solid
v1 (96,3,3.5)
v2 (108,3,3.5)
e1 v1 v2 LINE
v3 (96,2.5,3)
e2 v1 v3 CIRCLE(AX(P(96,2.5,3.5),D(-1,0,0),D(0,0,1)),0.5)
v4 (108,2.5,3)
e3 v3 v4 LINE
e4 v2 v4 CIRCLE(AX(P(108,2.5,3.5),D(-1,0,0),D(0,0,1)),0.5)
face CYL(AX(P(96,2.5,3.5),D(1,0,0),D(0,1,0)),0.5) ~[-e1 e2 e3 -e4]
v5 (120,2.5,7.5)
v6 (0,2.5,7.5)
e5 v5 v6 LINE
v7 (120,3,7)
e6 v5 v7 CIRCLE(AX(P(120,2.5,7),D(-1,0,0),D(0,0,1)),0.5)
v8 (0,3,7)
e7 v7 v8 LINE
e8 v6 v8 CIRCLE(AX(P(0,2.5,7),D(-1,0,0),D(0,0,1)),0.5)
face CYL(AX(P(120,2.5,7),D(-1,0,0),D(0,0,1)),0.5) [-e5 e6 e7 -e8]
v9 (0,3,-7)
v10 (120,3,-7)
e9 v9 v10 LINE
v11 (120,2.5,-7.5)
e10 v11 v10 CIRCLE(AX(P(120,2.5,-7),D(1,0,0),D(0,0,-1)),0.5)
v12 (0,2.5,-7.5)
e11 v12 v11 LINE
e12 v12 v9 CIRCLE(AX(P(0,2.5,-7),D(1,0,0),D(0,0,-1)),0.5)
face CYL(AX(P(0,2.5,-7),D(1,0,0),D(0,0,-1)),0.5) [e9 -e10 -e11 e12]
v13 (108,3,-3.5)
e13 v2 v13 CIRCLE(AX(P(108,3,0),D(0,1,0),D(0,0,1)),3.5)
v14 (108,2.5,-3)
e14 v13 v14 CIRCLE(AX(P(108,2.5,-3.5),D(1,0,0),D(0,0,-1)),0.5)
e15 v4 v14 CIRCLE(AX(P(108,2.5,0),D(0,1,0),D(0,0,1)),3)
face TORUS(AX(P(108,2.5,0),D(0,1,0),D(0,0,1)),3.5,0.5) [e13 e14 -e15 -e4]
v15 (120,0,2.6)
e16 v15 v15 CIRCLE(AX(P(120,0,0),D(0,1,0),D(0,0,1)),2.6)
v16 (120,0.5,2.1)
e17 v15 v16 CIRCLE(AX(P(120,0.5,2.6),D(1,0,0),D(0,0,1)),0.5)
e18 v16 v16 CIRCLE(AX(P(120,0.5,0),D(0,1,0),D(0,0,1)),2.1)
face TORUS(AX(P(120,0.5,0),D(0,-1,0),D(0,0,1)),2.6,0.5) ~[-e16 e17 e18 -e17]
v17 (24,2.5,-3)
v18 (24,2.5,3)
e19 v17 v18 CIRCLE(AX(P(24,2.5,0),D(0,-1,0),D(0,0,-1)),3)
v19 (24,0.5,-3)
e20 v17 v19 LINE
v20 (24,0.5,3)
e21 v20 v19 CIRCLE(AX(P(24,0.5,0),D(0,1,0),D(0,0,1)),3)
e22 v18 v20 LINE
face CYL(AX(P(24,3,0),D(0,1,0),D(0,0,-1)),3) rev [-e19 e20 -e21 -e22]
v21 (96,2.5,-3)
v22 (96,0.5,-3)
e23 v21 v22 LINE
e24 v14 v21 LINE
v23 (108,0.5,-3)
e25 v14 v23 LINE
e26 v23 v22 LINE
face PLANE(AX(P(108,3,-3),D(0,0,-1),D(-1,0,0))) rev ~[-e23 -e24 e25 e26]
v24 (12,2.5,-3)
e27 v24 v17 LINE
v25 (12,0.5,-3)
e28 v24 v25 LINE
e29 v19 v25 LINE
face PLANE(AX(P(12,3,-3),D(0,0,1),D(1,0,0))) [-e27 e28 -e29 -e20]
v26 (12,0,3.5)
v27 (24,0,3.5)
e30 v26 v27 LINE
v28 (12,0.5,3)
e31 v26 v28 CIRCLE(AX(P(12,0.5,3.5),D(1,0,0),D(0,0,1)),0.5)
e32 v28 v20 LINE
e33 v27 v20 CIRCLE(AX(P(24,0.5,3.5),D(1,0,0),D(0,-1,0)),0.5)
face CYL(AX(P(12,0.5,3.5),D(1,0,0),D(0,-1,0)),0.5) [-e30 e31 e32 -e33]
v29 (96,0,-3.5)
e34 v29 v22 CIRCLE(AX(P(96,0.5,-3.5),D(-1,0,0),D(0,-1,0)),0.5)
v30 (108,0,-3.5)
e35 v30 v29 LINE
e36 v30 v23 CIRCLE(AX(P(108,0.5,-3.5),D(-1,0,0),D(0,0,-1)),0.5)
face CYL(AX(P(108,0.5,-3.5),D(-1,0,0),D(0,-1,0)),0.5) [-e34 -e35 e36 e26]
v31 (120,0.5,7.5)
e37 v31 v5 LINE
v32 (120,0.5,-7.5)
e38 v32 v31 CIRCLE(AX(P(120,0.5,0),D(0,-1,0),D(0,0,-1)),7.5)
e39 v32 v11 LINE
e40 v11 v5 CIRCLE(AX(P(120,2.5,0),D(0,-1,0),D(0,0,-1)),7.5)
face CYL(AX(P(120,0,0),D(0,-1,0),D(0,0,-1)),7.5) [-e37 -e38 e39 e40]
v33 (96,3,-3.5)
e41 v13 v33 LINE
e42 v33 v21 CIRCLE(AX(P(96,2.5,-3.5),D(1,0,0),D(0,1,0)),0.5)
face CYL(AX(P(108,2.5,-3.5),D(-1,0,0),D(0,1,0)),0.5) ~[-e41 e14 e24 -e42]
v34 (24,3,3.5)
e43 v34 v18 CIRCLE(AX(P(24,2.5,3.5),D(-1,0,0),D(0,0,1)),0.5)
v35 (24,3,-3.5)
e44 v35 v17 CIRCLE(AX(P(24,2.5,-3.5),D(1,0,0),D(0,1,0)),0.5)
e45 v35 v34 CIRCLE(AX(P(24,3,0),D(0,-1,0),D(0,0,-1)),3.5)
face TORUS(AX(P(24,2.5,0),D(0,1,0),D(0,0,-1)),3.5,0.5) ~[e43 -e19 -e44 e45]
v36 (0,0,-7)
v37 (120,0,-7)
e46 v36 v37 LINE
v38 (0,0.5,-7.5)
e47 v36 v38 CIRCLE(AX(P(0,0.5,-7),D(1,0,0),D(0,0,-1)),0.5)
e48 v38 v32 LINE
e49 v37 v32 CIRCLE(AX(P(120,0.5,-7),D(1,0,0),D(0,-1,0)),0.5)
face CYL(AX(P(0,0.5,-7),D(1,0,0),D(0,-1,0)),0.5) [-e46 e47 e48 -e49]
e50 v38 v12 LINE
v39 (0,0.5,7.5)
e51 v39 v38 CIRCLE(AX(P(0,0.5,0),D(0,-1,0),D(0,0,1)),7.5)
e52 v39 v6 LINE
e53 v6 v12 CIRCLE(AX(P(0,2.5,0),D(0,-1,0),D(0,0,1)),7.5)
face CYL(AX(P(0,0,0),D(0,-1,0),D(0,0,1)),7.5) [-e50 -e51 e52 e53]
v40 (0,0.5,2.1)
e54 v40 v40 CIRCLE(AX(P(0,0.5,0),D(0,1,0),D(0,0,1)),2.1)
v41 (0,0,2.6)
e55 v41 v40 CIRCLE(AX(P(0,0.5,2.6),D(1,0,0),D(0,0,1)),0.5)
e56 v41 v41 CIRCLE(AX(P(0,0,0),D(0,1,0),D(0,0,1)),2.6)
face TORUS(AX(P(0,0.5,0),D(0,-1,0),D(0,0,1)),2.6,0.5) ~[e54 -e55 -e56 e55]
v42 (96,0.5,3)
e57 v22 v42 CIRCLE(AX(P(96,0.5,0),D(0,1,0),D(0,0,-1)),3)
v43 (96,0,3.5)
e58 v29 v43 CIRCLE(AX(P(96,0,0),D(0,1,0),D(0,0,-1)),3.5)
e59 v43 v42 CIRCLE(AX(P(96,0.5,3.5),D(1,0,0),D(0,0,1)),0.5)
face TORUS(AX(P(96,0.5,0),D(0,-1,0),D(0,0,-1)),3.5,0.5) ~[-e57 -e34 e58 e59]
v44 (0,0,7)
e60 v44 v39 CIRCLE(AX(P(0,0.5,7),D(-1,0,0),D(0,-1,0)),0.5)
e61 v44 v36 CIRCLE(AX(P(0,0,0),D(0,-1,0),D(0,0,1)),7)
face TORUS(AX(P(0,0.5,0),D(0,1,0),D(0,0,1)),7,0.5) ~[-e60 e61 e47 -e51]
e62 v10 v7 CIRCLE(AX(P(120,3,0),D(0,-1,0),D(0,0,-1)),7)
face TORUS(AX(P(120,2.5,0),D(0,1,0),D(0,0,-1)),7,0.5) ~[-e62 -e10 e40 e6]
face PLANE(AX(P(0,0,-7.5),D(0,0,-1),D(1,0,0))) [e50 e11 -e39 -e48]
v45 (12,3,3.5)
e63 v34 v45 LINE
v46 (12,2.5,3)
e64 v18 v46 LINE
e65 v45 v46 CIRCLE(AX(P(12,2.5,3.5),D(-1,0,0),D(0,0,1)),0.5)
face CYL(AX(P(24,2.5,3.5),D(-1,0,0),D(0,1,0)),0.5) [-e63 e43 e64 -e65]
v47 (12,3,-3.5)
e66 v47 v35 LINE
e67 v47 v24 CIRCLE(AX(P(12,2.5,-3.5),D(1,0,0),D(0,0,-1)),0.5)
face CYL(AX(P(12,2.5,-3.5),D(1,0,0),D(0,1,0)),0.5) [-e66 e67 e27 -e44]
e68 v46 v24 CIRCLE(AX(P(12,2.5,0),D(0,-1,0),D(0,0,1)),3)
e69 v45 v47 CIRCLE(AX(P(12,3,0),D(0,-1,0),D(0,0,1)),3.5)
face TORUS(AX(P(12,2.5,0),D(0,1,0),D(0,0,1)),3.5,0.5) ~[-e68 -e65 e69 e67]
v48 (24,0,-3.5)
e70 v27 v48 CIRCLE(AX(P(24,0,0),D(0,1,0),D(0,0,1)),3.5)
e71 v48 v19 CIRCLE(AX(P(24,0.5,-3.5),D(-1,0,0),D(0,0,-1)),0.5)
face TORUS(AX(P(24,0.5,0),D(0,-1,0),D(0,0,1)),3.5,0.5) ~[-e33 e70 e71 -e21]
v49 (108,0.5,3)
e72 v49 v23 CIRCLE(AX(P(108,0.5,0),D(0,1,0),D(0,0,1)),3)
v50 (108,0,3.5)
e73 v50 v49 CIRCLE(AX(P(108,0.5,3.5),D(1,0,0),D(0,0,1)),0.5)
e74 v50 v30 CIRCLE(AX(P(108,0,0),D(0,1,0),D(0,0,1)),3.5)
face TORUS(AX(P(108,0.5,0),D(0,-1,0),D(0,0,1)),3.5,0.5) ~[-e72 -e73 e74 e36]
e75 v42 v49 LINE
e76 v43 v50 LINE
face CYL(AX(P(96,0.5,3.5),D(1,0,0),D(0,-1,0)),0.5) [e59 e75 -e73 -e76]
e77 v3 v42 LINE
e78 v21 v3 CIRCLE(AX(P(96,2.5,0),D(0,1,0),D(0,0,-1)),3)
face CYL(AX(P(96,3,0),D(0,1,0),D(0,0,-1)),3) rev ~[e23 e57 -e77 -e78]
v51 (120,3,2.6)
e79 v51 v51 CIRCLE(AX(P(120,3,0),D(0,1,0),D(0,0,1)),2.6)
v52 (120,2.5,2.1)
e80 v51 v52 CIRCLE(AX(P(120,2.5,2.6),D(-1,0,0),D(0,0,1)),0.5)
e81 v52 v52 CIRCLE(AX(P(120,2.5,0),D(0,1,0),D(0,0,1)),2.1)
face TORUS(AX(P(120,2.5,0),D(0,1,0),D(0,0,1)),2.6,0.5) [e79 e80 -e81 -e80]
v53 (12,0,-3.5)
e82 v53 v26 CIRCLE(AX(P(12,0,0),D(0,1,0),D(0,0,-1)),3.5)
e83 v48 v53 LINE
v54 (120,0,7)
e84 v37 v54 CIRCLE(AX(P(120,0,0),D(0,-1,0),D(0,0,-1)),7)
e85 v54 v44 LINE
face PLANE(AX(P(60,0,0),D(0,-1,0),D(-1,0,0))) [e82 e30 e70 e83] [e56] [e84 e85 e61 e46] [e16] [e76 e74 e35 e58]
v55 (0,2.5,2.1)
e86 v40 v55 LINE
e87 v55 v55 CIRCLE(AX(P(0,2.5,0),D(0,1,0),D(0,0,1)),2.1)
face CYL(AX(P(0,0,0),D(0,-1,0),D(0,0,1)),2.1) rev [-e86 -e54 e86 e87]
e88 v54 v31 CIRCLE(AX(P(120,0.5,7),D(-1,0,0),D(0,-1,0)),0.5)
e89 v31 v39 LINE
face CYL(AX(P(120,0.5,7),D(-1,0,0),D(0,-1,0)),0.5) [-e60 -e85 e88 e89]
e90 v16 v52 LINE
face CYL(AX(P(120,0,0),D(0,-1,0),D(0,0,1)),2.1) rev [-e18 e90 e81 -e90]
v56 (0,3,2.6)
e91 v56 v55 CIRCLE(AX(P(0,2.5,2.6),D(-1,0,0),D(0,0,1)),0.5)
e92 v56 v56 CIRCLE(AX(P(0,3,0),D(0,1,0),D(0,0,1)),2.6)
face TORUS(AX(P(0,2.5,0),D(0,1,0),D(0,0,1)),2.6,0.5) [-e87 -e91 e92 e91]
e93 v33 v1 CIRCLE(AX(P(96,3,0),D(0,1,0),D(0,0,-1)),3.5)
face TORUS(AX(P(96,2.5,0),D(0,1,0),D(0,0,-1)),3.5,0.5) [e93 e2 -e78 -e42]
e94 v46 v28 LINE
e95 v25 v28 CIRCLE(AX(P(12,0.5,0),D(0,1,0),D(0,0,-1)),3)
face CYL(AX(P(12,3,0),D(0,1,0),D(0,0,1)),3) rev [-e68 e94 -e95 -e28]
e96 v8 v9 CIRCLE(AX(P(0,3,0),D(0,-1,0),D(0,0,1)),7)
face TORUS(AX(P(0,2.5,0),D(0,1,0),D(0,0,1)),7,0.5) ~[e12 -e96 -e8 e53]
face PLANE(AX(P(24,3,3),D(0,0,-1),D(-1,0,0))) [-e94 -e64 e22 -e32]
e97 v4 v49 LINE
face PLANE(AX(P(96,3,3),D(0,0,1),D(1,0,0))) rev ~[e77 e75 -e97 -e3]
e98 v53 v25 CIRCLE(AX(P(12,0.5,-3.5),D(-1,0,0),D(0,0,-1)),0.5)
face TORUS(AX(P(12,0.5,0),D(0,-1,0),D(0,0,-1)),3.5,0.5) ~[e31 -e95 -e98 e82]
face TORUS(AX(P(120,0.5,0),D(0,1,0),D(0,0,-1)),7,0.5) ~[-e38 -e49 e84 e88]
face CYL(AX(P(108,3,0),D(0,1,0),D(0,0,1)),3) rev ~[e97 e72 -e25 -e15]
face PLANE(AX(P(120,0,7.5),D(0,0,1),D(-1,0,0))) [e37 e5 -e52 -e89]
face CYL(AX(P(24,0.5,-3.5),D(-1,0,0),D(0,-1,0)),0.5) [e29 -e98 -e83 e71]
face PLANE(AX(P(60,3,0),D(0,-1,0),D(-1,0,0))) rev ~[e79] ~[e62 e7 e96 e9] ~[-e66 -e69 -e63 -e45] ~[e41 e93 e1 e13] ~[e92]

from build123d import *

# Parameters (mm, degrees)
SKETCH1_R           = 2.1
BOSS_EXTRUDE1_DEPTH = 3
CUT_EXTRUDE1_DEPTH  = 128.755626099
FILLET1_R           = 0.5


with BuildPart() as part:
    # Sketch1 → Boss-Extrude1 (new body)
    with BuildSketch(Plane(origin=(0, 0, 0), x_dir=(1, 0, 0), z_dir=(0, 1, 0))):
        with BuildLine():
            Line((0, 7.5), (120, 7.5))
            ThreePointArc((120, 7.5), (127.5, 0), (120, -7.5))
            Line((120, -7.5), (0, -7.5))
            ThreePointArc((0, -7.5), (-7.5, 0), (0, 7.5))
        make_face()
        with Locations(Location((0, 0, 0), (0, 0, 270))):
            Circle(SKETCH1_R, mode=Mode.SUBTRACT)
        with Locations(Location((120, 0, 0), (0, 0, 270))):
            Circle(SKETCH1_R, mode=Mode.SUBTRACT)
    extrude(amount=BOSS_EXTRUDE1_DEPTH)

    # Sketch3 → Cut-Extrude1 (cut, through all)
    with BuildSketch(Plane(origin=(0, 3, 0), x_dir=(1, 0, 0), z_dir=(0, 1, 0))):
        with BuildLine():
            Line((12, 3), (24, 3))
            ThreePointArc((24, 3), (27, 0), (24, -3))
            Line((24, -3), (12, -3))
            ThreePointArc((12, -3), (9, 0), (12, 3))
        make_face()
        with BuildLine():
            Line((108, 3), (96, 3))
            ThreePointArc((96, 3), (93, 0), (96, -3))
            Line((96, -3), (108, -3))
            ThreePointArc((108, -3), (111, 0), (108, 3))
        make_face()
    extrude(amount=-CUT_EXTRUDE1_DEPTH, mode=Mode.SUBTRACT)

    # Fillet1
    fillet1_edges = [part.edges().sort_by_distance(p)[0] for p in [
        (-7.5, 3, 0),
        (0, 0, -2.1),
        (0, 3, -2.1),
        (60, 3, 7.5),
        (120, 0, -2.1),
        (120, 3, -2.1),
        (9, 0, 0),
        (18, 0, -3),
        (27, 0, 0),
        (18, 0, 3),
        (9, 3, 0),
        (18, 3, 3),
        (27, 3, 0),
        (18, 3, -3),
        (111, 0, 0),
        (127.5, 3, 0),
        (102, 0, 3),
        (93, 0, 0),
        (102, 0, -3),
        (111, 3, 0),
        (102, 3, -3),
        (93, 3, 0),
        (102, 3, 3),
        (60, 0, 7.5),
        (-7.5, 0, 0),
        (60, 0, -7.5),
        (127.5, 0, 0),
        (60, 3, -7.5),
    ]]
    fillet(fillet1_edges, radius=FILLET1_R)


solid = part.part
